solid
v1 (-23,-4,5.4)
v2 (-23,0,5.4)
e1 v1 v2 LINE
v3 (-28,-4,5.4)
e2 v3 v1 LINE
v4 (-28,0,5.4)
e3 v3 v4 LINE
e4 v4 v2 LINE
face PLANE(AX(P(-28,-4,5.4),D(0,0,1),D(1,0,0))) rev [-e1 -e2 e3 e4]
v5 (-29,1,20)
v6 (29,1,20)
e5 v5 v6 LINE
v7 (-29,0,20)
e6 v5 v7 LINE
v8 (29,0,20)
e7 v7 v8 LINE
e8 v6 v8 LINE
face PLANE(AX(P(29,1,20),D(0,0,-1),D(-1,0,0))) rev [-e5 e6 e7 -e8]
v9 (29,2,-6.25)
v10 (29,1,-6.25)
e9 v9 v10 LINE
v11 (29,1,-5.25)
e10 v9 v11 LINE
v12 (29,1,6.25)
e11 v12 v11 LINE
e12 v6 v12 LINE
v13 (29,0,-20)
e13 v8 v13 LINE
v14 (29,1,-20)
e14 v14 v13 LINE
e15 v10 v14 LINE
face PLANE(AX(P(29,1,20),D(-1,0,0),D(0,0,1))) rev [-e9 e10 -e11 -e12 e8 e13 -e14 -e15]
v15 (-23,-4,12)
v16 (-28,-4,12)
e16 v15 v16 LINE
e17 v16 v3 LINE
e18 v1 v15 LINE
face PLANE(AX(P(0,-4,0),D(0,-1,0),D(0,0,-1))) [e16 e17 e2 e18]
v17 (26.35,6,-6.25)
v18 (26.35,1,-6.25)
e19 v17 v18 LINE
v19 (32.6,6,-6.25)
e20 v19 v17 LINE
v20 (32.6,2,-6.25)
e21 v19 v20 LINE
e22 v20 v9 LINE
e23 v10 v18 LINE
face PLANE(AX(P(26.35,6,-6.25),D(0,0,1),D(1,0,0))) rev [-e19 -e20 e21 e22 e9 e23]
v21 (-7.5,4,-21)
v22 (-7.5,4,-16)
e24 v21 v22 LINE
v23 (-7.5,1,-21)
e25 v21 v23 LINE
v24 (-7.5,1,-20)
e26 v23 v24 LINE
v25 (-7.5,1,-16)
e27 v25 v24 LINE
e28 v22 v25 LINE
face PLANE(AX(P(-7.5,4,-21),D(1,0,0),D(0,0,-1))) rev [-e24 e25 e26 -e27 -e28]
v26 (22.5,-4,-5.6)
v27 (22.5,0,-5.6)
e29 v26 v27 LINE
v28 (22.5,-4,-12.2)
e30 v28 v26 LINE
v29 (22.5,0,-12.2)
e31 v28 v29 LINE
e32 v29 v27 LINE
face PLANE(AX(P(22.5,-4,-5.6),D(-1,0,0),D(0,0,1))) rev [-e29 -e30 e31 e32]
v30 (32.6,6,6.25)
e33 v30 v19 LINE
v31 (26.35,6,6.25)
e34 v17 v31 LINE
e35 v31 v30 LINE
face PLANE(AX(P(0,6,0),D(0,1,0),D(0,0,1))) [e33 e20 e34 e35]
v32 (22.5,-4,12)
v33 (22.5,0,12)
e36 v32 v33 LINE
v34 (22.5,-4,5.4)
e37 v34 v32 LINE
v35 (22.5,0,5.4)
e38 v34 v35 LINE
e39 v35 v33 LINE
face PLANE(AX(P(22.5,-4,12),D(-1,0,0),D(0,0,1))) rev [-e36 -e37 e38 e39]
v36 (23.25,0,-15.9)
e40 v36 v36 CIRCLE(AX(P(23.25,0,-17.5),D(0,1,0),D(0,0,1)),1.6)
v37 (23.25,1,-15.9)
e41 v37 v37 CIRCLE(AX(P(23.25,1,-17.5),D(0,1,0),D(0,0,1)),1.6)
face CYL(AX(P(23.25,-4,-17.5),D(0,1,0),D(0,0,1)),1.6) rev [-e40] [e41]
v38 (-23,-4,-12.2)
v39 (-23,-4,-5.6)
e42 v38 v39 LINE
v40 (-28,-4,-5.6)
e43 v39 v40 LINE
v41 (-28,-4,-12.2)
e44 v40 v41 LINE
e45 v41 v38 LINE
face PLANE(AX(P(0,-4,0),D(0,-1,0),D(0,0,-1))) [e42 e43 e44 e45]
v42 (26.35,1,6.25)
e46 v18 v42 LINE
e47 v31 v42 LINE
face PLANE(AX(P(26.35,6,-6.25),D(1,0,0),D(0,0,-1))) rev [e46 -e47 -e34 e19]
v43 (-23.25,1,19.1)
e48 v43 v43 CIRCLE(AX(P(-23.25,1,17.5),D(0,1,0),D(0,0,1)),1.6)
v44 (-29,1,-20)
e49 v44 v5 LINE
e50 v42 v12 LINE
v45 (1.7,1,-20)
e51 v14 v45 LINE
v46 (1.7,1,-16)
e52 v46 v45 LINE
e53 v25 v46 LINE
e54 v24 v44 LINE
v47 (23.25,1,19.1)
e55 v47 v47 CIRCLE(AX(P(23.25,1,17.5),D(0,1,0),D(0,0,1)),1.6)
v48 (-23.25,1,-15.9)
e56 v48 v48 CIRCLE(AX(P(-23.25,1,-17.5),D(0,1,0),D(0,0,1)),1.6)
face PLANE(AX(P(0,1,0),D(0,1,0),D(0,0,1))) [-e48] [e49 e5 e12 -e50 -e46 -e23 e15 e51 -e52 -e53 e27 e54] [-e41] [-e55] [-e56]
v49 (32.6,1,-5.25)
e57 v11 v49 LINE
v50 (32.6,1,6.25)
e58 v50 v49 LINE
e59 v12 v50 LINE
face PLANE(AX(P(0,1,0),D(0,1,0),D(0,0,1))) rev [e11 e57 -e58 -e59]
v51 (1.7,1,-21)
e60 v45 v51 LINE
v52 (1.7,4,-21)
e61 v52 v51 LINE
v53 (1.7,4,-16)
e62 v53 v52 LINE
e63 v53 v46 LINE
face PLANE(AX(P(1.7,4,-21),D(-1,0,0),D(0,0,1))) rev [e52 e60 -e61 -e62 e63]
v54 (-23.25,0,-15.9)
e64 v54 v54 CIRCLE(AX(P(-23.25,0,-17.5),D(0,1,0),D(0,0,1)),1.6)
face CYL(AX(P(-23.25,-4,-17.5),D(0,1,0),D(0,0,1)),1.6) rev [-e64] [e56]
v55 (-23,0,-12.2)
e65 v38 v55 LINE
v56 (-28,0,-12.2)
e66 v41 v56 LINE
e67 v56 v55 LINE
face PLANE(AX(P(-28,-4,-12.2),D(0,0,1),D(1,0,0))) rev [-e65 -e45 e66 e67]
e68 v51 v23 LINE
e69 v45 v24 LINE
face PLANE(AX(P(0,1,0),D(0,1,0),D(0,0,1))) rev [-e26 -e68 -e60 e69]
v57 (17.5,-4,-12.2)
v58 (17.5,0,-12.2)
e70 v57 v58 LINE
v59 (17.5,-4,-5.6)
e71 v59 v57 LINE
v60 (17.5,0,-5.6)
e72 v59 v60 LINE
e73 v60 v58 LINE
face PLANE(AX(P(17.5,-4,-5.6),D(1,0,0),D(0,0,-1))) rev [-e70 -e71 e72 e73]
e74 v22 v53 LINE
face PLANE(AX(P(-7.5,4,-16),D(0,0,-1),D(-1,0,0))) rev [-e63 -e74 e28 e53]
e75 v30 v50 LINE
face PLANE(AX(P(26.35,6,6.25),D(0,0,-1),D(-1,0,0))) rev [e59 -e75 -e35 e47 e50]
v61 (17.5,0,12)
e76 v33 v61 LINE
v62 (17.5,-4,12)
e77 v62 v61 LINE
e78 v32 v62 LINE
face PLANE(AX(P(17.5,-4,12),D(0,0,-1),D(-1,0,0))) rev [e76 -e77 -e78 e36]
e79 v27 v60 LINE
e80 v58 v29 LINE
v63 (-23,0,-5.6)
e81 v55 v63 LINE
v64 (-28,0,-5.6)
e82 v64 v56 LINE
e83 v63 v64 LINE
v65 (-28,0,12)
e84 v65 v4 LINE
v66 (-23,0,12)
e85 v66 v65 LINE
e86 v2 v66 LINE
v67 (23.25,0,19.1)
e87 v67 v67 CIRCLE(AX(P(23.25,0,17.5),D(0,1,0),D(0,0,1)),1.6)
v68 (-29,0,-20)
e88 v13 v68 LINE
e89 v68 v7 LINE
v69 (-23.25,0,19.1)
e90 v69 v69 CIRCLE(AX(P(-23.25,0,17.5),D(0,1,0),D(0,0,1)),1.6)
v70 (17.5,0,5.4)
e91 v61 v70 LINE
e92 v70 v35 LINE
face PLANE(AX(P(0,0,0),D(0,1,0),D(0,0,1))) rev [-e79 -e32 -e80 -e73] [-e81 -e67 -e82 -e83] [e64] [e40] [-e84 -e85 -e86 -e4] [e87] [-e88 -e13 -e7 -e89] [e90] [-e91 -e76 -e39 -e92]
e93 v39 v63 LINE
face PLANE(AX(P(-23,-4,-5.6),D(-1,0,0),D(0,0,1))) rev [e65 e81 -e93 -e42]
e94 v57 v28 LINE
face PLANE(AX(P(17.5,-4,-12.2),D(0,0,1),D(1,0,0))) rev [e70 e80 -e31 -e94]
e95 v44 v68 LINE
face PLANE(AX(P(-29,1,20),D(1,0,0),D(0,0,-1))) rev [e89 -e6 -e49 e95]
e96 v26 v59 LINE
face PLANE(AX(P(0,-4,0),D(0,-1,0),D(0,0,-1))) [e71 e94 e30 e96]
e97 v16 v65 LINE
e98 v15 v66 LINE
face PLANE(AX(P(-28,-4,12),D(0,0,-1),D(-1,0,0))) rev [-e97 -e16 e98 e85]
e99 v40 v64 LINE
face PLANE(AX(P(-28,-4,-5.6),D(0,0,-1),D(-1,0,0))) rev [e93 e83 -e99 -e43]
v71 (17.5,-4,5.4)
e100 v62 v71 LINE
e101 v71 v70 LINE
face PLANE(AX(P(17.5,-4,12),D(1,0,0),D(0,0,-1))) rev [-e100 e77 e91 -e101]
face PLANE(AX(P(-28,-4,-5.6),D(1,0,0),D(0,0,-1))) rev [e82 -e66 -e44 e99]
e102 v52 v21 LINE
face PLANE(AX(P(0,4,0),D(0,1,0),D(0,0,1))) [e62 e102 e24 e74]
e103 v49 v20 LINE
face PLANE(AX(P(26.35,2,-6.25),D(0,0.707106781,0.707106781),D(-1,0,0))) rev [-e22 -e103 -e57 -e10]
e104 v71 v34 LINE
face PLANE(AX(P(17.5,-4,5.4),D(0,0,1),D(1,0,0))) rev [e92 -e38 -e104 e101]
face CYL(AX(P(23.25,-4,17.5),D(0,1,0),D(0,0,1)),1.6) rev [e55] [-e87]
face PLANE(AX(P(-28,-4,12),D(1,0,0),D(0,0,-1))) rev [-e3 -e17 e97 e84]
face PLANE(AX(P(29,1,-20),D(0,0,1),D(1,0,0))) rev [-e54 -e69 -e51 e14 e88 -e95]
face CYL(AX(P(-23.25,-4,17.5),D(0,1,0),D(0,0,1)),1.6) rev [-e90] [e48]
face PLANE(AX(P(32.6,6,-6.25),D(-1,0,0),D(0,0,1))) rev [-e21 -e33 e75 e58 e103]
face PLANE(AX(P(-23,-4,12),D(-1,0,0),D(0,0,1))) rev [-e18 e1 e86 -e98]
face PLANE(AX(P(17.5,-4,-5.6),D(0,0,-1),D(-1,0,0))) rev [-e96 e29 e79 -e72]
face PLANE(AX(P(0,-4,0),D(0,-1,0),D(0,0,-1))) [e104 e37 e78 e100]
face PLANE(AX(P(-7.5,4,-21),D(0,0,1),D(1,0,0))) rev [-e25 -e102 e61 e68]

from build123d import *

# Parameters (mm, degrees)
SKETCH1_W           = 58
SKETCH1_H           = 40
BOSS_EXTRUDE1_DEPTH = 1
SKETCH2_W           = 6.25
SKETCH2_H           = 12.5
BOSS_EXTRUDE2_DEPTH = 5
CHAMFER1_SIZE       = 1
SKETCH3_W           = 9.2
SKETCH3_H           = 5
BOSS_EXTRUDE3_DEPTH = 3
SKETCH4_W           = 5
SKETCH4_H           = 6.6
BOSS_EXTRUDE4_DEPTH = 4
SKETCH5_R           = 1.6
CUT_EXTRUDE1_DEPTH  = 6


with BuildPart() as part:
    # Sketch1 → Boss-Extrude1 (new body)
    with BuildSketch(Plane(origin=(0, 0, 0), x_dir=(1, 0, 0), z_dir=(0, 1, 0))):
        Rectangle(SKETCH1_W, SKETCH1_H)
    extrude(amount=BOSS_EXTRUDE1_DEPTH)

    # Sketch2 → Boss-Extrude2 (add)
    with BuildSketch(Plane(origin=(0, 1, 0), x_dir=(1, 0, 0), z_dir=(0, 1, 0))):
        with Locations((29.475, 0)):
            Rectangle(SKETCH2_W, SKETCH2_H)
    extrude(amount=BOSS_EXTRUDE2_DEPTH)

    # Chamfer1
    chamfer1_edges = [part.edges().sort_by_distance(p)[0] for p in [
        (30.8, 1, -6.25),
    ]]
    chamfer(chamfer1_edges, length=CHAMFER1_SIZE)

    # Sketch3 → Boss-Extrude3 (add)
    with BuildSketch(Plane(origin=(0, 1, 0), x_dir=(1, 0, 0), z_dir=(0, 1, 0))):
        with Locations((-2.9, 18.5)):
            Rectangle(SKETCH3_W, SKETCH3_H)
    extrude(amount=BOSS_EXTRUDE3_DEPTH)

    # Sketch4 → Boss-Extrude4 (add)
    with BuildSketch(Plane.XZ):
        with Locations((-25.5, 8.7)):
            Rectangle(SKETCH4_W, SKETCH4_H)
        with Locations((-25.5, -8.9)):
            Rectangle(SKETCH4_W, SKETCH4_H)
        with Locations((20, 8.7)):
            Rectangle(SKETCH4_W, SKETCH4_H)
        with Locations((20, -8.9)):
            Rectangle(SKETCH4_W, SKETCH4_H)
    extrude(amount=BOSS_EXTRUDE4_DEPTH)

    # Sketch5 → Cut-Extrude1 (cut, through all)
    with BuildSketch(Plane(origin=(0, 1, 0), x_dir=(1, 0, 0), z_dir=(0, 1, 0))):
        with Locations((-23.25, 17.5)):
            Circle(SKETCH5_R)
        with Locations((-23.25, -17.5)):
            Circle(SKETCH5_R)
        with Locations((23.25, -17.5)):
            Circle(SKETCH5_R)
        with Locations((23.25, 17.5)):
            Circle(SKETCH5_R)
    extrude(amount=-CUT_EXTRUDE1_DEPTH, mode=Mode.SUBTRACT)


solid = part.part
